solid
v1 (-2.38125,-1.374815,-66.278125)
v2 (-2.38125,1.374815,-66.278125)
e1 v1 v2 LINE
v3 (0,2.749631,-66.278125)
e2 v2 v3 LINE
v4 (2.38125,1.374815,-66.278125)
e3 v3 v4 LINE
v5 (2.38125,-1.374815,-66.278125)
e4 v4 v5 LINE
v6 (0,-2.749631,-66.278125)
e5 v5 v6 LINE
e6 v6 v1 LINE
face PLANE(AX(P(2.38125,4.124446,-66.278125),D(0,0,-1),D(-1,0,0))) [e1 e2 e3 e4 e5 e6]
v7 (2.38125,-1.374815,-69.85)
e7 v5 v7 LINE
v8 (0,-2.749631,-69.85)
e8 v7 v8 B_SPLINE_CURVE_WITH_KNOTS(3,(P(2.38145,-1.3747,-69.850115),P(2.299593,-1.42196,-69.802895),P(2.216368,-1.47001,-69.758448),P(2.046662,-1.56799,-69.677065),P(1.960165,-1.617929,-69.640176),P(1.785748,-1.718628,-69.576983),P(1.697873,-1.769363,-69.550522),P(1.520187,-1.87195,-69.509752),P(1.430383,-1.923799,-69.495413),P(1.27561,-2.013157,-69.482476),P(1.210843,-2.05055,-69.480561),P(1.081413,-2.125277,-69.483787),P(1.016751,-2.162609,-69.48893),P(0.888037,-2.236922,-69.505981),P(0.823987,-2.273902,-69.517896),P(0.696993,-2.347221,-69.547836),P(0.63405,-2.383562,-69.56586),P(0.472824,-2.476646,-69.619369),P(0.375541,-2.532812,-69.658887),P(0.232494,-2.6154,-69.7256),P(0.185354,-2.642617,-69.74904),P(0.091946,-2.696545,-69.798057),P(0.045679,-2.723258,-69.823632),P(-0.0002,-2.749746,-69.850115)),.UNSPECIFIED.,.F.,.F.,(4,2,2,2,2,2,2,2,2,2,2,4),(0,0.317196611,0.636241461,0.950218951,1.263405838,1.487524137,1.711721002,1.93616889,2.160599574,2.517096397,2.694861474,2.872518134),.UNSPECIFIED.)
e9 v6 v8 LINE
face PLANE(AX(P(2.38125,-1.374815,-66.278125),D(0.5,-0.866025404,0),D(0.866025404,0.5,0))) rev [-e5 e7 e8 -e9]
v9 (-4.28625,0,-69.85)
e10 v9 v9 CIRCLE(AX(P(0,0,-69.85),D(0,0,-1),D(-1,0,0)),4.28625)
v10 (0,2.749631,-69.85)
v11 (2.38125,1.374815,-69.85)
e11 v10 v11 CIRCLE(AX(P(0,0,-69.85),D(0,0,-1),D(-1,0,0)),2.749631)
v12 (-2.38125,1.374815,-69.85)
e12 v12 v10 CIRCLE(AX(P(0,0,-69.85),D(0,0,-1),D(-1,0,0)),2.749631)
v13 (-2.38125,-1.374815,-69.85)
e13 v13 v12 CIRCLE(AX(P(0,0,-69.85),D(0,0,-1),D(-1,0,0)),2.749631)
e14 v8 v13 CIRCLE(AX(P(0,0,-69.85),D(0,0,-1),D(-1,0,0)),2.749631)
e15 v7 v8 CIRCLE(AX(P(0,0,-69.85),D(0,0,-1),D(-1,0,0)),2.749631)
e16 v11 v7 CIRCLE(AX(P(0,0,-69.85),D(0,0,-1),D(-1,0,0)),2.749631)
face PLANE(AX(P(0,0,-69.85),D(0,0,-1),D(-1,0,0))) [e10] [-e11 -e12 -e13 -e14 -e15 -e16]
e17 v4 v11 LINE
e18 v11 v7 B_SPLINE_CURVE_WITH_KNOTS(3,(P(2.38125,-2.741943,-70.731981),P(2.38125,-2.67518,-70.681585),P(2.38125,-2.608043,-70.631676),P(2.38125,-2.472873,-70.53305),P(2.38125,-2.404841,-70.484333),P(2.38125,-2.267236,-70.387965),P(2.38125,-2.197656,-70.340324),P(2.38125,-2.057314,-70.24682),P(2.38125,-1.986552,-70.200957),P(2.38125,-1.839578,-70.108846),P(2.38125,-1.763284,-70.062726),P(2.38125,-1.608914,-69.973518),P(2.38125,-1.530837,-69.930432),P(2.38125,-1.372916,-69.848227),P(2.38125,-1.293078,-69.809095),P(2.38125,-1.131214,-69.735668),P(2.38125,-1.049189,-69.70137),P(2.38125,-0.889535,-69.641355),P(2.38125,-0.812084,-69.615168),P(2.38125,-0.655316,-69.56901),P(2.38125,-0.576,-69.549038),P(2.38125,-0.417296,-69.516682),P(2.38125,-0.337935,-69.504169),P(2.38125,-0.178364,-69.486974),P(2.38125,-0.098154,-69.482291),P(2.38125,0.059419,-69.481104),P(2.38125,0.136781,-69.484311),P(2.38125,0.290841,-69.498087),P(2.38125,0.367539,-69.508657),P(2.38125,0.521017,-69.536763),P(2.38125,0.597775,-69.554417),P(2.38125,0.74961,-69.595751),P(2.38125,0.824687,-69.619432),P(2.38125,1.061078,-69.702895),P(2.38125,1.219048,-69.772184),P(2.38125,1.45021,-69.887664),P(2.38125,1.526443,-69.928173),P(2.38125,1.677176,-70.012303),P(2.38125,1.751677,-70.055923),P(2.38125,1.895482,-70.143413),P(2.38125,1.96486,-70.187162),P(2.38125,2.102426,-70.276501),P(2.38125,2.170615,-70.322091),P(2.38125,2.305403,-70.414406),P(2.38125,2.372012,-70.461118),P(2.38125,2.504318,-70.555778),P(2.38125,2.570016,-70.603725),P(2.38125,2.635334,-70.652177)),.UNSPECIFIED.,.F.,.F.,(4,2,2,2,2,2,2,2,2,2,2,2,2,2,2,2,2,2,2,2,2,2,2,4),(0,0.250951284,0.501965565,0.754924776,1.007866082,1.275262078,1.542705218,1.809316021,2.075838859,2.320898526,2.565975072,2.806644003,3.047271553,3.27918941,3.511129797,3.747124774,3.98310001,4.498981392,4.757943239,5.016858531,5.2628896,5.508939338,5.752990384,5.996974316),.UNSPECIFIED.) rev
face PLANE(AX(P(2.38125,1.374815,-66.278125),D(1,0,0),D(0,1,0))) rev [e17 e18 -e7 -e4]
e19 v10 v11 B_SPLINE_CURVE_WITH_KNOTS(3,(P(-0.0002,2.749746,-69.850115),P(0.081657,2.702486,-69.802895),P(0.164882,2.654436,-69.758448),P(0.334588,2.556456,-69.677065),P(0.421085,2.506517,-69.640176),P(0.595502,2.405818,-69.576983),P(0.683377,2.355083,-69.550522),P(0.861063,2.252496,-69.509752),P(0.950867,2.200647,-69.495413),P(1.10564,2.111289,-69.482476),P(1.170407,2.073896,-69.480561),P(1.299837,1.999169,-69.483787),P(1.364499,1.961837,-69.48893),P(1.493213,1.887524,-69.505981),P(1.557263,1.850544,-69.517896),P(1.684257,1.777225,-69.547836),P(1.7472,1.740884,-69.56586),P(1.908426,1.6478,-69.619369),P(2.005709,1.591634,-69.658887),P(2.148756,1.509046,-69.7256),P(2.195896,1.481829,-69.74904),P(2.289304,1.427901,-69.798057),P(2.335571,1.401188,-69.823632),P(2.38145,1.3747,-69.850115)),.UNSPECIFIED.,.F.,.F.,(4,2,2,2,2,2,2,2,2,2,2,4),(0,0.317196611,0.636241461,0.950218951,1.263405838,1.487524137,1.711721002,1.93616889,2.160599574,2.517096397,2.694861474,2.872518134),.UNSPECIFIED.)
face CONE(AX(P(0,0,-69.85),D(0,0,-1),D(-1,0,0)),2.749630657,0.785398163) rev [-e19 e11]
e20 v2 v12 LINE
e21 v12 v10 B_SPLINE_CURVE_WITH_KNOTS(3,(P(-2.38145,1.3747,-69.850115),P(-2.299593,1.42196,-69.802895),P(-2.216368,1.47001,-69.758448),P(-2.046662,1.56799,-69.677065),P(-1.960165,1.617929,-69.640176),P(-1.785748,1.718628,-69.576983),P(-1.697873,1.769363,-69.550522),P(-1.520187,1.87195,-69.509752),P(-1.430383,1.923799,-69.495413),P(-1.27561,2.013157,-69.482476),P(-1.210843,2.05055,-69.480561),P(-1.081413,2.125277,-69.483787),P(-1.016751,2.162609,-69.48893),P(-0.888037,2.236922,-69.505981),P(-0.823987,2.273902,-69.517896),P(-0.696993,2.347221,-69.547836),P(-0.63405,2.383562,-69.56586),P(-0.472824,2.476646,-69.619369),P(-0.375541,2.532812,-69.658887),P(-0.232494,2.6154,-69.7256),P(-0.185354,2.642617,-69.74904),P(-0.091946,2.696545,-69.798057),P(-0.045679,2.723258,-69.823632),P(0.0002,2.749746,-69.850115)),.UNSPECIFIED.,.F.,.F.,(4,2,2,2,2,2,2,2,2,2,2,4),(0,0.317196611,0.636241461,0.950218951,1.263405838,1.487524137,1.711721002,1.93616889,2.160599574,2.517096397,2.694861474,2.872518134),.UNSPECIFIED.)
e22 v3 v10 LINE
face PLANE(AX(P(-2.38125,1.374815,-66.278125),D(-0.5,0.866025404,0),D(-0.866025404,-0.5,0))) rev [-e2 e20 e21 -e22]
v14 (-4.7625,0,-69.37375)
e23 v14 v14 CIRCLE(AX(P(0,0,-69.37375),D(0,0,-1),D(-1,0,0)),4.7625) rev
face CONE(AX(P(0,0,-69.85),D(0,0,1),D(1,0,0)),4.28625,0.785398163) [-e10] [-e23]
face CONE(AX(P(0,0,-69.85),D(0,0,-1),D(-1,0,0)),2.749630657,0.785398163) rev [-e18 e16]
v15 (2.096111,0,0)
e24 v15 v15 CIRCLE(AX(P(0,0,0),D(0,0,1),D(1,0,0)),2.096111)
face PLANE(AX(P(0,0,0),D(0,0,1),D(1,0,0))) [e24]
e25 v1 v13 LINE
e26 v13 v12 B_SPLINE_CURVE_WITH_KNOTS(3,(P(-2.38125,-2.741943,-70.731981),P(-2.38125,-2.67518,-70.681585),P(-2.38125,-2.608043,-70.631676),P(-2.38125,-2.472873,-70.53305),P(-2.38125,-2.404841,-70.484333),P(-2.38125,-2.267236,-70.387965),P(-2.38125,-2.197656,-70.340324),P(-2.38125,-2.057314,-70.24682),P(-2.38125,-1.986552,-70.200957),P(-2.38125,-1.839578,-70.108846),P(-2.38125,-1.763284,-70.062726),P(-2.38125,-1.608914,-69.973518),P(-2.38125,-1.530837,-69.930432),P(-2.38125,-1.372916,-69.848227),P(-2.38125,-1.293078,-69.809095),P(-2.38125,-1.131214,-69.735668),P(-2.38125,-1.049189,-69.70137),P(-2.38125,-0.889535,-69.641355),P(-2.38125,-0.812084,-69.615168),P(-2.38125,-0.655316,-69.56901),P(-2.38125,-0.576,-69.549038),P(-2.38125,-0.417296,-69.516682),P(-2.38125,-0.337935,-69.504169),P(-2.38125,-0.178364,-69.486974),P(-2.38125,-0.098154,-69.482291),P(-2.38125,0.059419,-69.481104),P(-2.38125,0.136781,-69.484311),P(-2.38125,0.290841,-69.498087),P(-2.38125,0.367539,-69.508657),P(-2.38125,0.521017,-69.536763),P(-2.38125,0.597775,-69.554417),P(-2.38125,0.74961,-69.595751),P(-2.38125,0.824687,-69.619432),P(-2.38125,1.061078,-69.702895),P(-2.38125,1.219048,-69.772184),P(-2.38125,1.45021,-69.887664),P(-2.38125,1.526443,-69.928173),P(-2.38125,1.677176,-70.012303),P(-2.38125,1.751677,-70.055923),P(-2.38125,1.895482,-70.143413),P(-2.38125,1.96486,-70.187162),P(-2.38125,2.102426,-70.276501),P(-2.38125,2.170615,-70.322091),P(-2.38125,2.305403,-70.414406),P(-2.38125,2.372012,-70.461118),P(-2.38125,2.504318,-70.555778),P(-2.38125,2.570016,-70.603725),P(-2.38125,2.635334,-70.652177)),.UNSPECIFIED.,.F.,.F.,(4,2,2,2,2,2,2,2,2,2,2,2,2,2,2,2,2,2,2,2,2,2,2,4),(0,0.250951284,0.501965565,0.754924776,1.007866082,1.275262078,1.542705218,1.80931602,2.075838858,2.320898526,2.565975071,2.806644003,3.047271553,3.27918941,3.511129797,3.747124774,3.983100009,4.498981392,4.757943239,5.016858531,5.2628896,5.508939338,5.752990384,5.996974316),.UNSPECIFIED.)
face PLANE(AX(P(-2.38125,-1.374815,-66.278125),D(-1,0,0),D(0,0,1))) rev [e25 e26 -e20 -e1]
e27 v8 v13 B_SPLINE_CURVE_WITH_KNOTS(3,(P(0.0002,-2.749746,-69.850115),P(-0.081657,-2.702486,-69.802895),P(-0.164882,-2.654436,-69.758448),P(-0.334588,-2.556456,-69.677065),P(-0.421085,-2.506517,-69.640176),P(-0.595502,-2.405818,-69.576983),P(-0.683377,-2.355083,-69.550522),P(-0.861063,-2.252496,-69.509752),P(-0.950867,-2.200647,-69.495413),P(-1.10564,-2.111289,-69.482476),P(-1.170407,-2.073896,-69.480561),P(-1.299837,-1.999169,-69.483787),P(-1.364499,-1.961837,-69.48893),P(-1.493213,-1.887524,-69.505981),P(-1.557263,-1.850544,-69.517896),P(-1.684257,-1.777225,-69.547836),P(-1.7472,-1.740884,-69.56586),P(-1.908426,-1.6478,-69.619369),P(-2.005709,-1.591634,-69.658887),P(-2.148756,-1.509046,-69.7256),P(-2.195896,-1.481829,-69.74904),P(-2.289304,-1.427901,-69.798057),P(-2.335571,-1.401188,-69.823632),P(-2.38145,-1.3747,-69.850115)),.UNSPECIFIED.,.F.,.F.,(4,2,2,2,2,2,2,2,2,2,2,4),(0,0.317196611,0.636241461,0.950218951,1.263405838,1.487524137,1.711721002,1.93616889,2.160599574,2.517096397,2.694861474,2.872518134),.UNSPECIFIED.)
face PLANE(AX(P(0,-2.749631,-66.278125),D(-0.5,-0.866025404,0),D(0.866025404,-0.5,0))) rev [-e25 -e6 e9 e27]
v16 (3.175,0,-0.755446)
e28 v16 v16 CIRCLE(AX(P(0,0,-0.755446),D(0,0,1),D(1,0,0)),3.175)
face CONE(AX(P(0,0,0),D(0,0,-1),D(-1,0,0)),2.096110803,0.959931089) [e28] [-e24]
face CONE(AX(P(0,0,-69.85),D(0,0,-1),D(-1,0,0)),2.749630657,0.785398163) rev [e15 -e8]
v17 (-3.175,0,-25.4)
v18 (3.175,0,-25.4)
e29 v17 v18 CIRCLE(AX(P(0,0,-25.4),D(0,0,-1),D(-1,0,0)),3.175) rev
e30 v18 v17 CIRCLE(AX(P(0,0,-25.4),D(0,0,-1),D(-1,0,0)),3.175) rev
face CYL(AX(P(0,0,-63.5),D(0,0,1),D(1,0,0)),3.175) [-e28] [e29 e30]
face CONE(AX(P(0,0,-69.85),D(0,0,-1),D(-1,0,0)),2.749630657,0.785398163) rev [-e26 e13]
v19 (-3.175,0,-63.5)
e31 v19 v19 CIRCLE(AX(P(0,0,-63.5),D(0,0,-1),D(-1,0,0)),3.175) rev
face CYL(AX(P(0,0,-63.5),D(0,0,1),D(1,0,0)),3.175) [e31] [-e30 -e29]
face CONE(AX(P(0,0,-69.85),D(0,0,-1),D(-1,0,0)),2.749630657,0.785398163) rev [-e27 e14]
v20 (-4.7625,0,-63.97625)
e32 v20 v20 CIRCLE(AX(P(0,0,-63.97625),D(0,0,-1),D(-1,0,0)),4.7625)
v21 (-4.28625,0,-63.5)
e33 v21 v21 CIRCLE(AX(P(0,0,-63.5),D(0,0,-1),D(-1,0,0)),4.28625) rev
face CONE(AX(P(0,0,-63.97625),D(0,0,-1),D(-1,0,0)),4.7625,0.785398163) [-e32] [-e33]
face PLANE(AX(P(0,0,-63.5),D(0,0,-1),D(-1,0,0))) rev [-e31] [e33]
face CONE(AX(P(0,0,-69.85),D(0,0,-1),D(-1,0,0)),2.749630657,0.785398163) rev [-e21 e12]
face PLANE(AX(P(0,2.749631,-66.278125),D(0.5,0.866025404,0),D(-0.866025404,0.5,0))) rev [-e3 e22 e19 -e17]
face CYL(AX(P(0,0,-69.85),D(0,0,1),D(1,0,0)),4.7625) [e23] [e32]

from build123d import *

# Parameters (mm, degrees)
SKETCH1_R          = 3.175
EXTRUDE1_DEPTH     = 63.5
SKETCH6_R          = 4.7625
EXTRUDE2_DEPTH     = 6.35
CUT_EXTRUDE1_DEPTH = 3.571875
CHAMFER1_SIZE      = 0.47625


with BuildPart() as part:
    # Sketch1 → Extrude1 (new body)
    with BuildSketch(Plane.XY):
        Circle(SKETCH1_R)
    extrude(amount=-EXTRUDE1_DEPTH)

    # Sketch4 → Cut-Revolve1 (revolve, cut)
    with BuildSketch(Plane(origin=(0, 0, 0), x_dir=(0, 0, -1), z_dir=(1, 0, 0))):
        Polygon((0.755446349, 3.175), (0, 2.096110803), (0, 3.175), align=None)
    revolve(axis=Axis((0, 0, 0), (0, 0, -1)), mode=Mode.SUBTRACT)

    # Sketch6 → Extrude2 (add)
    with BuildSketch(Plane(origin=(0, 0, -63.5), x_dir=(-1, 0, 0), z_dir=(0, 0, -1))):
        Circle(SKETCH6_R)
    extrude(amount=EXTRUDE2_DEPTH)

    # Sketch7 → Cut-Extrude1 (cut)
    with BuildSketch(Plane(origin=(0, 0, -69.85), x_dir=(-1, 0, 0), z_dir=(0, 0, -1))):
        Polygon((0, 2.749630657), (-2.38125, 1.374815329), (-2.38125, -1.374815329), (0, -2.749630657), (2.38125, -1.374815329), (2.38125, 1.374815329), align=None)
    extrude(amount=-CUT_EXTRUDE1_DEPTH, mode=Mode.SUBTRACT)

    # Cut-Extrude2 cone 1 section (through the dimple's axis) → Cut-Extrude2 (revolve, cut)
    with BuildSketch(Plane(origin=(0, 0, -69.85), x_dir=(0, 1, 0), z_dir=(1, 0, 0))):
        Polygon((0, 0), (2.749630657, 0), (0, 2.749630657), align=None)
    revolve(axis=Axis((0, 0, -69.85), (0, 0, 1)), mode=Mode.SUBTRACT)

    # Chamfer1
    chamfer1_edges = [part.edges().sort_by_distance(p)[0] for p in [
        (4.7625, 0, -69.85),
        (4.7625, 0, -63.5),
    ]]
    chamfer(chamfer1_edges, length=CHAMFER1_SIZE)


solid = part.part
